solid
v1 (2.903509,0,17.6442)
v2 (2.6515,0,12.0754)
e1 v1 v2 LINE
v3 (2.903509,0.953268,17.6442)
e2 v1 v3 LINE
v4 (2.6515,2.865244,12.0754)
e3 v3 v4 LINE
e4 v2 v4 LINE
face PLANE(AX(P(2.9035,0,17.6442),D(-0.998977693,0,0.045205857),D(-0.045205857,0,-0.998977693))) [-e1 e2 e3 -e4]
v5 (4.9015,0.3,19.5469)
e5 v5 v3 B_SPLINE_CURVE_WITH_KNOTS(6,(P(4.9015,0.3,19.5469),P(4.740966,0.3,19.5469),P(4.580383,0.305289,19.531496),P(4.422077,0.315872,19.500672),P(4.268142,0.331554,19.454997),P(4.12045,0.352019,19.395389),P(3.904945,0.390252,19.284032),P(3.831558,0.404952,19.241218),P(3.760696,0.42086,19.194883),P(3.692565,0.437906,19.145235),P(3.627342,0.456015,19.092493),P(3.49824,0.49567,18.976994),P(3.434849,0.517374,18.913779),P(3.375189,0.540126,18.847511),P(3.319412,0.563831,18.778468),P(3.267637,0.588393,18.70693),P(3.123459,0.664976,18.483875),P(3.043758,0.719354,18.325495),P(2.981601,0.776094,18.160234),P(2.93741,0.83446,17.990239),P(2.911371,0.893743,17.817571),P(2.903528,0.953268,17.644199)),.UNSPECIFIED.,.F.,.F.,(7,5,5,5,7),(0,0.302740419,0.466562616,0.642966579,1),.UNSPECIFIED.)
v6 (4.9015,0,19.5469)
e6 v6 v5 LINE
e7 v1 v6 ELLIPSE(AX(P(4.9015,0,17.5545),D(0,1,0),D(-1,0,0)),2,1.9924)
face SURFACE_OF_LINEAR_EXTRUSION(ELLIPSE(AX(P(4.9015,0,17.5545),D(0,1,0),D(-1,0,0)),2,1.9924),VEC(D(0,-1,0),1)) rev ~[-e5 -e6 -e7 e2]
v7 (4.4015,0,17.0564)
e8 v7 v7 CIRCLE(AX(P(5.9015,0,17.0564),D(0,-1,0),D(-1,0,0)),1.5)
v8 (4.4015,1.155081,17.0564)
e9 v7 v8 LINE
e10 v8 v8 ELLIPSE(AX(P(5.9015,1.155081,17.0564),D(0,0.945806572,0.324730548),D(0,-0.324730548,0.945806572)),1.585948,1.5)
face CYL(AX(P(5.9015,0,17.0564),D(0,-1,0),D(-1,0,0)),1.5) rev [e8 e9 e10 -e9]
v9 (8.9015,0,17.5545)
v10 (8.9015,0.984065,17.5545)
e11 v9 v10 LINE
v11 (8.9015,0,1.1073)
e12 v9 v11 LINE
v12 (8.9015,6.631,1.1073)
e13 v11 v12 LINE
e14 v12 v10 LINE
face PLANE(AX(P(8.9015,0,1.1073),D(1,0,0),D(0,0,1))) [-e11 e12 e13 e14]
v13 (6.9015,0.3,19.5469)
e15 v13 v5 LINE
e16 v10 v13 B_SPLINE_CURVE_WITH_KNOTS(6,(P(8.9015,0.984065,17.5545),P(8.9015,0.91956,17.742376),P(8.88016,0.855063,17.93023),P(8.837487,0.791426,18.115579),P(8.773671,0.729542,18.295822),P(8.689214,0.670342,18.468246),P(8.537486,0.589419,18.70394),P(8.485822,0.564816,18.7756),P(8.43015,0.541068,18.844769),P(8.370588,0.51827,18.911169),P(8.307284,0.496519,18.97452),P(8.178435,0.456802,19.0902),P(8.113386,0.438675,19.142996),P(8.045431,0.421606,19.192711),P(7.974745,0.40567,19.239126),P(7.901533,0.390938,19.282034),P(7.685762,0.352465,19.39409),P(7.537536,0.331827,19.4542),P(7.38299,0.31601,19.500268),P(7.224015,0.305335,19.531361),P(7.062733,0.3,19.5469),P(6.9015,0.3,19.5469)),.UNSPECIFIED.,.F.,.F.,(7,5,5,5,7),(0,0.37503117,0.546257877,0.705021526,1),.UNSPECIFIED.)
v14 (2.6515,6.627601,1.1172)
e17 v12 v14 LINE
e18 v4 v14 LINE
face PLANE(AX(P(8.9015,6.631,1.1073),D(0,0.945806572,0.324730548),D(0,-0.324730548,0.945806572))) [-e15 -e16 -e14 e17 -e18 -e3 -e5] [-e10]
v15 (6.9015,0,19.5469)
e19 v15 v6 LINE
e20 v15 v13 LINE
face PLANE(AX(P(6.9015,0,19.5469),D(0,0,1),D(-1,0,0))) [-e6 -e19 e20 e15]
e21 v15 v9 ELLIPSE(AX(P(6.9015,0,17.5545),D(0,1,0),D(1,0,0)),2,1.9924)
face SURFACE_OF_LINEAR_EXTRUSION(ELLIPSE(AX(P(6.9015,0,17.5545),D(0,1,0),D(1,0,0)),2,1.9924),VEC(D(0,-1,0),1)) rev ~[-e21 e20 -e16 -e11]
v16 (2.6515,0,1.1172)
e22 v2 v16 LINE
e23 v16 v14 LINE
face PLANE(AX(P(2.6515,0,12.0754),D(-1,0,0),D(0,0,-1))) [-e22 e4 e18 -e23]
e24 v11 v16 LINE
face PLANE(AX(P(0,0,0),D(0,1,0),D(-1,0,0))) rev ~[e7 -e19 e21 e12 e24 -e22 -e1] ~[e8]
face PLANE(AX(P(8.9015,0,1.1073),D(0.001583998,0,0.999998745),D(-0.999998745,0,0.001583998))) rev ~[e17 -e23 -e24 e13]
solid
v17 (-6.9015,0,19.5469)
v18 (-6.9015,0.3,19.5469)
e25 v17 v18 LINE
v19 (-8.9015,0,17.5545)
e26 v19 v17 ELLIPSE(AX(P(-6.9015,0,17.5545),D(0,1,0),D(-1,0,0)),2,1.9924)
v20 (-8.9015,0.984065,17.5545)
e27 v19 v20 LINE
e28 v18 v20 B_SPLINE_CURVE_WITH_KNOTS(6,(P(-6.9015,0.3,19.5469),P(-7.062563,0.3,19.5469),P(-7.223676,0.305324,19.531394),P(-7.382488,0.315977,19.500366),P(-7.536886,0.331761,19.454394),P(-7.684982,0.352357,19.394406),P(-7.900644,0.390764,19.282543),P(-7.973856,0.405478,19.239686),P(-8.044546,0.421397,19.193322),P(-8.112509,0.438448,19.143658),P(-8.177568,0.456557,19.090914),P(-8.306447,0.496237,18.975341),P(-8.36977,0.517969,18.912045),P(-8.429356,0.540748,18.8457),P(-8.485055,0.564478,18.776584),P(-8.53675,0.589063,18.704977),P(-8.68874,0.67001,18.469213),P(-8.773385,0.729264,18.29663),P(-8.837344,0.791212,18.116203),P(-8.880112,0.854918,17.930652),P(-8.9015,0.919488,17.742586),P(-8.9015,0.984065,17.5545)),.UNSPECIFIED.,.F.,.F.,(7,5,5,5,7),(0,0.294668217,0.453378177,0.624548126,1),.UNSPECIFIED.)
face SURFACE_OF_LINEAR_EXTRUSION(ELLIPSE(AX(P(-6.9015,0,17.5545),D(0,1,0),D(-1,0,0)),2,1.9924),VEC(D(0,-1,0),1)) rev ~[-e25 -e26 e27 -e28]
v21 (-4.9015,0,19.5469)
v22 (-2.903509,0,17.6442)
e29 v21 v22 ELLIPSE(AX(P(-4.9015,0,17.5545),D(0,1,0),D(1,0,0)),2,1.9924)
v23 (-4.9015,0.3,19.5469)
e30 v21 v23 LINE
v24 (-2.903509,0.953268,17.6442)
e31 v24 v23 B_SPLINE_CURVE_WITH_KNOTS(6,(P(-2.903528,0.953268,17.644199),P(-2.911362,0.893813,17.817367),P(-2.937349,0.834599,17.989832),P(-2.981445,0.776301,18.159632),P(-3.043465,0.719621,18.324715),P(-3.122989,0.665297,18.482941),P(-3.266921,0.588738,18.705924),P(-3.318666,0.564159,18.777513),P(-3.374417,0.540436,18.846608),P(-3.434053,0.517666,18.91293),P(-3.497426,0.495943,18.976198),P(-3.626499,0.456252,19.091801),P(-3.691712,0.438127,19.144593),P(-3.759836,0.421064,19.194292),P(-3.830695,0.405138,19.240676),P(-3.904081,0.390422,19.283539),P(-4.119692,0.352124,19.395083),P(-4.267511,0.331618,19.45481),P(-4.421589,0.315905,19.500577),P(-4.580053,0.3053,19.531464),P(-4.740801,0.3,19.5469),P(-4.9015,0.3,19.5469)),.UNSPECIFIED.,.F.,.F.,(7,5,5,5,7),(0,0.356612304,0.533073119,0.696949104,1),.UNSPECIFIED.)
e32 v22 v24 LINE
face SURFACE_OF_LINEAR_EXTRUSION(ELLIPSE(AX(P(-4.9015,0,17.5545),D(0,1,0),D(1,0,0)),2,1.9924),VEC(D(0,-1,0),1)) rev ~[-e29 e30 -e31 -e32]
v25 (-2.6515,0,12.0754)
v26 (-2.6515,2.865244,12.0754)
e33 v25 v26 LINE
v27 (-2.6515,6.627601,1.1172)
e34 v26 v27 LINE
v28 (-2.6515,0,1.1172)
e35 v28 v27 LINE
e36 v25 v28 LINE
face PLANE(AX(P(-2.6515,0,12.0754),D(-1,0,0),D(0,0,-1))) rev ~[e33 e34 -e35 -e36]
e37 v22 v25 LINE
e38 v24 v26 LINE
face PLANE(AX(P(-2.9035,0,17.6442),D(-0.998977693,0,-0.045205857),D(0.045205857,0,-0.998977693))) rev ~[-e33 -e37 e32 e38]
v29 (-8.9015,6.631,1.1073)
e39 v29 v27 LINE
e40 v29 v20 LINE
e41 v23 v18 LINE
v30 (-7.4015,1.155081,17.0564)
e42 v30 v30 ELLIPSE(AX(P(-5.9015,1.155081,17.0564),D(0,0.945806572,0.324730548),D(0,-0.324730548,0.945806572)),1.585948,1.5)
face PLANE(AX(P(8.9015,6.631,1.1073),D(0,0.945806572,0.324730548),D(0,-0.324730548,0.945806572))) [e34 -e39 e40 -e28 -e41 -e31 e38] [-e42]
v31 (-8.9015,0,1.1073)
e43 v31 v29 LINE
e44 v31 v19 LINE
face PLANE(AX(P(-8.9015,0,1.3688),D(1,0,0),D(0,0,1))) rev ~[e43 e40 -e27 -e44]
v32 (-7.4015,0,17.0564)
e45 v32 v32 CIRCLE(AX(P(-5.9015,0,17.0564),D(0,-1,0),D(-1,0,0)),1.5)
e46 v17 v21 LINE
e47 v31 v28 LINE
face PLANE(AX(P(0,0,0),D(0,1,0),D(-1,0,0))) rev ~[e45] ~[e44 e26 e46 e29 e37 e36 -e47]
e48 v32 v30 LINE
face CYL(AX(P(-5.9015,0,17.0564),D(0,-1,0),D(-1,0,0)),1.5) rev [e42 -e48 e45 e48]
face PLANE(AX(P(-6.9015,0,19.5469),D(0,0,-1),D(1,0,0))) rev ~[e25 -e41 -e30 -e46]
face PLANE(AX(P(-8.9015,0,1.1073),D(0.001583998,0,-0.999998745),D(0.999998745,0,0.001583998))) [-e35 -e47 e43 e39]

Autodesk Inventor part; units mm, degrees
ref_plane "YZ Plane" through (0, 0, 0) normal (1, 0, 0) x (0, 1, 0)
ref_plane "XZ Plane" through (0, 0, 0) normal (0, 1, 0) x (-1, 0, 0)
ref_plane "XY Plane" through (0, 0, 0) normal (0, 0, 1) x (1, 0, 0)
sketch "Sketch1" plane through (0, 0, 0) normal (0, 1, 0) x (-1, 0, 0)
  line L0 (-8.9015, 1.1073) -> (-8.9015, 17.5545)
  line L1 (-2.6515, 1.1073) -> (-8.9015, 1.1073)
  line L2 (-2.6515, 12.0754) -> (-2.6515, 1.1172)
  line L3 (-2.9035, 17.6442) -> (-2.6515, 12.0754)
  ellipse E0 centre (-4.9015, 17.5545) end of major axis (-2.9015, 17.5545) minor radius 1.9924 (-2.9035, 17.6442) -> (-4.9015, 19.5469) ccw
  line L4 (-6.9015, 19.5469) -> (-4.9015, 19.5469)
  ellipse E1 centre (-6.9015, 17.5545) end of major axis (-8.9015, 17.5545) minor radius 1.9924 (-6.9015, 19.5469) -> (-8.9015, 17.5545) ccw
  ellipse E2 centre (-5.9015, 17.0564) end of major axis (-4.4015, 17.0564) minor radius 1.4943
  line L5 (-8.9015, 1.1073) -> (-8.9015, 1.3688)
  line L6 (-8.9015, 1.1073) -> (-2.6515, 1.1172)
  line L7 (-2.6515, 1.1172) -> (-2.6515, 12.0754)
  line L8 (-2.6515, 12.0754) -> (-2.9035, 17.6442)
  line L9 (-8.9015, 1.1073) -> (-8.9015, 17.5545)
  line L10 (-6.9015, 19.5469) -> (-4.9015, 19.5469)
  circle A0 centre (-5.9015, 17.0564) radius 1.5
  line L11 (8.9015, 1.1073) -> (8.9015, 17.5545)
  line L12 (2.6515, 1.1073) -> (8.9015, 1.1073)
  line L13 (2.6515, 12.0754) -> (2.6515, 1.1172)
  line L14 (2.9035, 17.6442) -> (2.6515, 12.0754)
  ellipse E3 centre (4.9015, 17.5545) end of major axis (2.9015, 17.5545) minor radius 1.9924 (4.9015, 19.5469) -> (2.9035, 17.6442) ccw
  line L15 (6.9015, 19.5469) -> (4.9015, 19.5469)
  ellipse E4 centre (6.9015, 17.5545) end of major axis (8.9015, 17.5545) minor radius 1.9924 (8.9015, 17.5545) -> (6.9015, 19.5469) ccw
  ellipse E5 centre (5.9015, 17.0564) end of major axis (4.4015, 17.0564) minor radius 1.4943
  line L16 (8.9015, 1.1073) -> (8.9015, 1.3688)
  line L17 (8.9015, 1.1073) -> (2.6515, 1.1172)
  line L18 (2.6515, 1.1172) -> (2.6515, 12.0754)
  line L19 (2.6515, 12.0754) -> (2.9035, 17.6442)
  line L20 (8.9015, 1.1073) -> (8.9015, 17.5545)
  line L21 (6.9015, 19.5469) -> (4.9015, 19.5469)
  circle A1 centre (5.9015, 17.0564) radius 1.5
  point P0 (0, 0)
  point P1 (-18.0813, 13.3212)
extrude "Extrusion1" add sketch "Sketch1" along normal blind 10
sketch "Sketch2" plane through (8.9015, 0, 17.5545) normal (1, 0, 0) x (0, 0, -1)
  line L0 (16.4472, 6.631) -> (-1.9924, 0.3)
  line L1 (16.4472, 6.631) -> (16.4472, 13.2162)
  line L2 (16.4472, 13.2162) -> (-1.9924, 13.2162)
  line L3 (-1.9924, 13.2162) -> (-1.9924, 0.3)
  line L4 (0, 0) -> (-1.9924, 0) projected
  point P0 (17.5545, 0)
  point P1 (16.4472, 0)
  dimension "d5" = 6.631
  dimension "d8" = 0.3
extrude "Extrusion2" cut sketch "Sketch2" against normal through all
properties part number "20degree spacer"
